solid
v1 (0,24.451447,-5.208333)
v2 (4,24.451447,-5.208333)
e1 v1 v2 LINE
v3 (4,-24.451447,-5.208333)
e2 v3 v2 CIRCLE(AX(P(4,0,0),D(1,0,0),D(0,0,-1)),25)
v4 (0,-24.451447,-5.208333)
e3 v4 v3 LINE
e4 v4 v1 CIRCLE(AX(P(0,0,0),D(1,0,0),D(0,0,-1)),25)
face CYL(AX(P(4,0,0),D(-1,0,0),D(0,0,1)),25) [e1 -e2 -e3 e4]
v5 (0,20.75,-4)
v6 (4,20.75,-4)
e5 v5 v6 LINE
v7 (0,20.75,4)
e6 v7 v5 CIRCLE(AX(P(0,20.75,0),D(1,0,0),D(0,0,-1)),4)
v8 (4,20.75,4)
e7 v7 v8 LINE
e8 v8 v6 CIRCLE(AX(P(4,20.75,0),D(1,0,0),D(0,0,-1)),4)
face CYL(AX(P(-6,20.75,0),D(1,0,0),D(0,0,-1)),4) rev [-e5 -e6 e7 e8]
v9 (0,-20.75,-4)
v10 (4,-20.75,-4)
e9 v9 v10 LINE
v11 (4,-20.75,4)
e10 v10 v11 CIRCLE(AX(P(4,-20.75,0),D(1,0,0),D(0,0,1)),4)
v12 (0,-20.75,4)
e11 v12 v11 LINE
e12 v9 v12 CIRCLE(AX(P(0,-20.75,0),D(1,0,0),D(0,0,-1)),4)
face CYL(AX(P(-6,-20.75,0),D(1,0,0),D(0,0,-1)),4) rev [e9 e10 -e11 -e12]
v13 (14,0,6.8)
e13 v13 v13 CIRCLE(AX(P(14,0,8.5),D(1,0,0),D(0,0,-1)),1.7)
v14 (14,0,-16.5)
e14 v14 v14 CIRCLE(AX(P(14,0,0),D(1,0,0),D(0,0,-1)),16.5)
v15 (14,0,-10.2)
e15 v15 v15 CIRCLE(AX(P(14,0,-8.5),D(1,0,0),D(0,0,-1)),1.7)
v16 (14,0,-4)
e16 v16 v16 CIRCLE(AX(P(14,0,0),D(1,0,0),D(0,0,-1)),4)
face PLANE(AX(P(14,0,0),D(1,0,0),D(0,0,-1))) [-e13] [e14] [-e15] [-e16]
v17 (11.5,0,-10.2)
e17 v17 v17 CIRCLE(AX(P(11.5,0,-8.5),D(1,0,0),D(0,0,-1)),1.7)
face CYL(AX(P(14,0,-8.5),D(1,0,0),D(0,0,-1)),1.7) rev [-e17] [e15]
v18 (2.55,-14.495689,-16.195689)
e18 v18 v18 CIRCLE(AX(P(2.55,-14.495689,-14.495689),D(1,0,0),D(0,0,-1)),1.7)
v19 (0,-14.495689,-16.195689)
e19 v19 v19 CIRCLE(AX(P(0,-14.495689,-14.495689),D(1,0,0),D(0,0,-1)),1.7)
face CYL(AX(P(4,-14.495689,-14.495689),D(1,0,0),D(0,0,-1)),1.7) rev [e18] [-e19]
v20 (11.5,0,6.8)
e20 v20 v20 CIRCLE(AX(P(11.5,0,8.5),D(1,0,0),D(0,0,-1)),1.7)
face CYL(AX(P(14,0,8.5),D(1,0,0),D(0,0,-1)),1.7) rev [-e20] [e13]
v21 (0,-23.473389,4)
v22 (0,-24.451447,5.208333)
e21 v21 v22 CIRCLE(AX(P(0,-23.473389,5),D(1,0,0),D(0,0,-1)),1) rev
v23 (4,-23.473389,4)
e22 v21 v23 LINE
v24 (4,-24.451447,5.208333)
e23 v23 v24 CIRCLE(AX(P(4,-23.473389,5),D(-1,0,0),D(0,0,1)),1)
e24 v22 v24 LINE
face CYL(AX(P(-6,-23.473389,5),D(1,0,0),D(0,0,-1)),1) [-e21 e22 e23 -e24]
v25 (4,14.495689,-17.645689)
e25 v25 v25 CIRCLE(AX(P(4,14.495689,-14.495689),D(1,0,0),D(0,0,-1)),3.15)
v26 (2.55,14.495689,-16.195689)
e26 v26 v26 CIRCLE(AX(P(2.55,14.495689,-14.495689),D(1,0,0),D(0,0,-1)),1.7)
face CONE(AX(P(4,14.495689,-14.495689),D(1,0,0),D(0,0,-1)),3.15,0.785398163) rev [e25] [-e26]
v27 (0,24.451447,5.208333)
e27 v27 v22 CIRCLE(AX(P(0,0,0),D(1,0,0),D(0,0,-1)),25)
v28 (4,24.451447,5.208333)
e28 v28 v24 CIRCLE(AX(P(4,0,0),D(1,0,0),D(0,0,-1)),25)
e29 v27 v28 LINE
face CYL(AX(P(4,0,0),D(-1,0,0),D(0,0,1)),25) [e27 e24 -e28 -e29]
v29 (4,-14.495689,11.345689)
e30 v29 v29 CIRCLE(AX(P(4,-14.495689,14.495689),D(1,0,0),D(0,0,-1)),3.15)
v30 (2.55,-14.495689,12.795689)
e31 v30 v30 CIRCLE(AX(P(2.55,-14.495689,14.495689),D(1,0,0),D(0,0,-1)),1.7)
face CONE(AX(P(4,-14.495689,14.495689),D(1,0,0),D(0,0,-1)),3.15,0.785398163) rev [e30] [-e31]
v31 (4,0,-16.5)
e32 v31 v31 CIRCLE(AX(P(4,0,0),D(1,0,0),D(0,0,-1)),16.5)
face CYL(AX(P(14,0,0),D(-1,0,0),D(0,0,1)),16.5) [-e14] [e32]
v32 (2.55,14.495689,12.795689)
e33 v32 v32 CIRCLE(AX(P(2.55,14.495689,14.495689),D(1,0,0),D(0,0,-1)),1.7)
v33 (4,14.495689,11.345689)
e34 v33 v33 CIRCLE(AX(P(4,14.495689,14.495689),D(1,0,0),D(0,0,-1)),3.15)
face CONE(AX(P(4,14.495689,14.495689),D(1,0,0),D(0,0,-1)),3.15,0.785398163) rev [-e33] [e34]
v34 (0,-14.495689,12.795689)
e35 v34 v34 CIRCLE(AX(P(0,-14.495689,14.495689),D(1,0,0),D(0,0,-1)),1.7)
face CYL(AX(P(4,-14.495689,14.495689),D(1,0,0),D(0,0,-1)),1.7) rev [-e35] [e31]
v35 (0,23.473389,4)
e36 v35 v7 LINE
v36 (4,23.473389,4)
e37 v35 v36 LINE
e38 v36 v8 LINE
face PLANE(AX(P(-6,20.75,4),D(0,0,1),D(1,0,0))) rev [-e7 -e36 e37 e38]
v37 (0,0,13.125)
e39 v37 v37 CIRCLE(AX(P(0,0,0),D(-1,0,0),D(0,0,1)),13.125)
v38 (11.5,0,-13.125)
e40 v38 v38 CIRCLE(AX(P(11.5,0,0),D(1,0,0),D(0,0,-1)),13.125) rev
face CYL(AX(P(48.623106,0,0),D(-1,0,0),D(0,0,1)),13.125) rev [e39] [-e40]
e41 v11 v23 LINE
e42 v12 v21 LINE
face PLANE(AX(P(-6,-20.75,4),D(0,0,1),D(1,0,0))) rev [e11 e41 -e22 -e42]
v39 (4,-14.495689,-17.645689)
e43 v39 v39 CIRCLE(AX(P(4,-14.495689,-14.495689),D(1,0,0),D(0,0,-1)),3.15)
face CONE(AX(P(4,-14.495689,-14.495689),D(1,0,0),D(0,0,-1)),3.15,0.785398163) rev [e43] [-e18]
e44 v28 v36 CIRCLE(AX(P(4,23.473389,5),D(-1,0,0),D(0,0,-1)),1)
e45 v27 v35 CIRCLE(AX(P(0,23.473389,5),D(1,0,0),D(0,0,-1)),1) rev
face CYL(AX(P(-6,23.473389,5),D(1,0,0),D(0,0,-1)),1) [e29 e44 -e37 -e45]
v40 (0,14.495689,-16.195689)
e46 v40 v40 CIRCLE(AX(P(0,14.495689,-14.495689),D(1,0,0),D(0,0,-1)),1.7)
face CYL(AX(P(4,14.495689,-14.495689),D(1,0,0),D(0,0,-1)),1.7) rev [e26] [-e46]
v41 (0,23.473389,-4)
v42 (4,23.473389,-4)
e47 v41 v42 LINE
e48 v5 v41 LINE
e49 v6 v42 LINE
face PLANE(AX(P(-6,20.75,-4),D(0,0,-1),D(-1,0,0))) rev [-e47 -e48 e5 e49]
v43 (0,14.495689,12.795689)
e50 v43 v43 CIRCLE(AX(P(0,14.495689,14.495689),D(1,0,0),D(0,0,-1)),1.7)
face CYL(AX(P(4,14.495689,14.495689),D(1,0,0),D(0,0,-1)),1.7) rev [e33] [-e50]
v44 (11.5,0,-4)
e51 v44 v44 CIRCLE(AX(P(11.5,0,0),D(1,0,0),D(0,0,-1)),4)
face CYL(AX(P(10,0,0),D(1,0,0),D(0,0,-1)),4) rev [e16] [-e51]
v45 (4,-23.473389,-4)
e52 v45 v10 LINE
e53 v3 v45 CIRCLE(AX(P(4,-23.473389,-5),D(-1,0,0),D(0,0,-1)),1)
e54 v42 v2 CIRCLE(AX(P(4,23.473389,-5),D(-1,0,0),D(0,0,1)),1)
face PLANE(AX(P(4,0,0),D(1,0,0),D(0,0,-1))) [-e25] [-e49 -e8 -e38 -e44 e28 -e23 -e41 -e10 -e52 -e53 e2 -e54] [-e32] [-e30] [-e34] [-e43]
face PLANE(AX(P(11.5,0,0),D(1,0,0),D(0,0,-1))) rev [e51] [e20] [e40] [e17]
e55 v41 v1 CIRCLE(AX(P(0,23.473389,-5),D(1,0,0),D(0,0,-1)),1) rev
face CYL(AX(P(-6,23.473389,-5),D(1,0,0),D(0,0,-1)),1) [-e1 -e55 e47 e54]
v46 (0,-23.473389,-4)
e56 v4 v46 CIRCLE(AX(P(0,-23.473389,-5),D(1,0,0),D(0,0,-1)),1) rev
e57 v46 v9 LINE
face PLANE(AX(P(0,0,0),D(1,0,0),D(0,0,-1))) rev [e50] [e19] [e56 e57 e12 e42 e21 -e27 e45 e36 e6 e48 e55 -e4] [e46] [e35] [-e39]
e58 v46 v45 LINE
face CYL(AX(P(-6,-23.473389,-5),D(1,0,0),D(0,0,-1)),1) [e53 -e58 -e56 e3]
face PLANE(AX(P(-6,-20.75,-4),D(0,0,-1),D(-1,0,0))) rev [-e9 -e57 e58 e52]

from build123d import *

# Parameters (mm, degrees)
SKETCH1_R                                       = 25
BOSS_EXTRUDE1_DEPTH                             = 4
SKETCH2_R                                       = 16.5
BOSS_EXTRUDE2_DEPTH                             = 10
SKETCH3_R                                       = 12.5
CUT_EXTRUDE1_DEPTH                              = 11.5
SKETCH4_R                                       = 4
CUT_EXTRUDE2_DEPTH                              = 4
M3_CLEARANCE_HOLE1_D                            = 3.4
M3_CLEARANCE_HOLE1_DEPTH                        = 10
CSK_FOR_M3_FLAT_HEAD_MACHINE_SCREW1_D           = 3.4
CSK_FOR_M3_FLAT_HEAD_MACHINE_SCREW1_CSINK_D     = 6.3
CSK_FOR_M3_FLAT_HEAD_MACHINE_SCREW1_CSINK_ANGLE = 90
CIRPATTERN1_COUNT                               = 4
SKETCH10_R                                      = 13.125
CUT_EXTRUDE3_DEPTH                              = 11.5
CUT_EXTRUDE4_DEPTH                              = 10


with BuildPart() as part:
    # Sketch1 → Boss-Extrude1 (new body)
    with BuildSketch(Plane(origin=(0, 0, 0), x_dir=(0, 0, -1), z_dir=(1, 0, 0))):
        Circle(SKETCH1_R)
    extrude(amount=BOSS_EXTRUDE1_DEPTH)

    # Sketch2 → Boss-Extrude2 (add)
    with BuildSketch(Plane(origin=(4, 0, 0), x_dir=(0, 0, -1), z_dir=(1, 0, 0))):
        Circle(SKETCH2_R)
    extrude(amount=BOSS_EXTRUDE2_DEPTH)

    # Sketch3 → Cut-Extrude1 (cut)
    with BuildSketch(Plane.ZY):
        Circle(SKETCH3_R)
    extrude(amount=-CUT_EXTRUDE1_DEPTH, mode=Mode.SUBTRACT)

    # Sketch4 → Cut-Extrude2 (cut)
    with BuildSketch(Plane(origin=(14, 0, 0), x_dir=(0, 0, -1), z_dir=(1, 0, 0))):
        Circle(SKETCH4_R)
    extrude(amount=-CUT_EXTRUDE2_DEPTH, mode=Mode.SUBTRACT)

    # M3 Clearance Hole1
    with Locations(Plane(origin=(14, 0, 0), x_dir=(0, 0, -1), z_dir=(1, 0, 0))):
        with Locations((8.5, 0), (-8.5, 0)):
            Hole(M3_CLEARANCE_HOLE1_D / 2, depth=M3_CLEARANCE_HOLE1_DEPTH)

    # CSK for M3 Flat Head Machine Screw1 (through all)
    with Locations(Plane(origin=(4, 0, 0), x_dir=(0, 0, -1), z_dir=(1, 0, 0))):
        with Locations((-14.495689014, -14.495689014)):
            csk_for_m3_flat_head_machine_screw1 = CounterSinkHole(CSK_FOR_M3_FLAT_HEAD_MACHINE_SCREW1_D / 2, CSK_FOR_M3_FLAT_HEAD_MACHINE_SCREW1_CSINK_D / 2, counter_sink_angle=CSK_FOR_M3_FLAT_HEAD_MACHINE_SCREW1_CSINK_ANGLE)

    # CirPattern1: CSK for M3 Flat Head Machine Screw1 ×4 about axis
    cirpattern1_axis = Axis((0, 0, 0), (1, 0, 0))
    for i in range(1, CIRPATTERN1_COUNT):
        add(csk_for_m3_flat_head_machine_screw1.rotate(cirpattern1_axis, i * 360 / CIRPATTERN1_COUNT), mode=Mode.SUBTRACT)

    # Sketch10 → Cut-Extrude3 (cut)
    with BuildSketch(Plane.ZY):
        Circle(SKETCH10_R)
    extrude(amount=-CUT_EXTRUDE3_DEPTH, mode=Mode.SUBTRACT)

    # Sketch12 → Cut-Extrude4 (cut)
    with BuildSketch(Plane(origin=(4, 0, 0), x_dir=(0, 0, -1), z_dir=(1, 0, 0))):
        with BuildLine():
            Line((-4, 20.75), (-4, 23.473389189))
            ThreePointArc((-4, 23.473389189), (-4.37084713, 24.250670776), (-5.208333333, 24.451447071))
            ThreePointArc((-5.208333333, 24.451447071), (0, 25), (5.208333333, 24.451447071))
            ThreePointArc((5.208333333, 24.451447071), (4.37084713, 24.250670776), (4, 23.473389189))
            Line((4, 23.473389189), (4, 20.75))
            ThreePointArc((4, 20.75), (0, 16.75), (-4, 20.75))
        make_face()
        with BuildLine():
            Line((4, -20.75), (4, -23.473389189))
            ThreePointArc((4, -23.473389189), (4.37084713, -24.250670776), (5.208333333, -24.451447071))
            ThreePointArc((5.208333333, -24.451447071), (0, -25), (-5.208333333, -24.451447071))
            ThreePointArc((-5.208333333, -24.451447071), (-4.37084713, -24.250670776), (-4, -23.473389189))
            Line((-4, -23.473389189), (-4, -20.75))
            ThreePointArc((-4, -20.75), (0, -16.75), (4, -20.75))
        make_face()
    extrude(amount=-CUT_EXTRUDE4_DEPTH, mode=Mode.SUBTRACT)


solid = part.part
